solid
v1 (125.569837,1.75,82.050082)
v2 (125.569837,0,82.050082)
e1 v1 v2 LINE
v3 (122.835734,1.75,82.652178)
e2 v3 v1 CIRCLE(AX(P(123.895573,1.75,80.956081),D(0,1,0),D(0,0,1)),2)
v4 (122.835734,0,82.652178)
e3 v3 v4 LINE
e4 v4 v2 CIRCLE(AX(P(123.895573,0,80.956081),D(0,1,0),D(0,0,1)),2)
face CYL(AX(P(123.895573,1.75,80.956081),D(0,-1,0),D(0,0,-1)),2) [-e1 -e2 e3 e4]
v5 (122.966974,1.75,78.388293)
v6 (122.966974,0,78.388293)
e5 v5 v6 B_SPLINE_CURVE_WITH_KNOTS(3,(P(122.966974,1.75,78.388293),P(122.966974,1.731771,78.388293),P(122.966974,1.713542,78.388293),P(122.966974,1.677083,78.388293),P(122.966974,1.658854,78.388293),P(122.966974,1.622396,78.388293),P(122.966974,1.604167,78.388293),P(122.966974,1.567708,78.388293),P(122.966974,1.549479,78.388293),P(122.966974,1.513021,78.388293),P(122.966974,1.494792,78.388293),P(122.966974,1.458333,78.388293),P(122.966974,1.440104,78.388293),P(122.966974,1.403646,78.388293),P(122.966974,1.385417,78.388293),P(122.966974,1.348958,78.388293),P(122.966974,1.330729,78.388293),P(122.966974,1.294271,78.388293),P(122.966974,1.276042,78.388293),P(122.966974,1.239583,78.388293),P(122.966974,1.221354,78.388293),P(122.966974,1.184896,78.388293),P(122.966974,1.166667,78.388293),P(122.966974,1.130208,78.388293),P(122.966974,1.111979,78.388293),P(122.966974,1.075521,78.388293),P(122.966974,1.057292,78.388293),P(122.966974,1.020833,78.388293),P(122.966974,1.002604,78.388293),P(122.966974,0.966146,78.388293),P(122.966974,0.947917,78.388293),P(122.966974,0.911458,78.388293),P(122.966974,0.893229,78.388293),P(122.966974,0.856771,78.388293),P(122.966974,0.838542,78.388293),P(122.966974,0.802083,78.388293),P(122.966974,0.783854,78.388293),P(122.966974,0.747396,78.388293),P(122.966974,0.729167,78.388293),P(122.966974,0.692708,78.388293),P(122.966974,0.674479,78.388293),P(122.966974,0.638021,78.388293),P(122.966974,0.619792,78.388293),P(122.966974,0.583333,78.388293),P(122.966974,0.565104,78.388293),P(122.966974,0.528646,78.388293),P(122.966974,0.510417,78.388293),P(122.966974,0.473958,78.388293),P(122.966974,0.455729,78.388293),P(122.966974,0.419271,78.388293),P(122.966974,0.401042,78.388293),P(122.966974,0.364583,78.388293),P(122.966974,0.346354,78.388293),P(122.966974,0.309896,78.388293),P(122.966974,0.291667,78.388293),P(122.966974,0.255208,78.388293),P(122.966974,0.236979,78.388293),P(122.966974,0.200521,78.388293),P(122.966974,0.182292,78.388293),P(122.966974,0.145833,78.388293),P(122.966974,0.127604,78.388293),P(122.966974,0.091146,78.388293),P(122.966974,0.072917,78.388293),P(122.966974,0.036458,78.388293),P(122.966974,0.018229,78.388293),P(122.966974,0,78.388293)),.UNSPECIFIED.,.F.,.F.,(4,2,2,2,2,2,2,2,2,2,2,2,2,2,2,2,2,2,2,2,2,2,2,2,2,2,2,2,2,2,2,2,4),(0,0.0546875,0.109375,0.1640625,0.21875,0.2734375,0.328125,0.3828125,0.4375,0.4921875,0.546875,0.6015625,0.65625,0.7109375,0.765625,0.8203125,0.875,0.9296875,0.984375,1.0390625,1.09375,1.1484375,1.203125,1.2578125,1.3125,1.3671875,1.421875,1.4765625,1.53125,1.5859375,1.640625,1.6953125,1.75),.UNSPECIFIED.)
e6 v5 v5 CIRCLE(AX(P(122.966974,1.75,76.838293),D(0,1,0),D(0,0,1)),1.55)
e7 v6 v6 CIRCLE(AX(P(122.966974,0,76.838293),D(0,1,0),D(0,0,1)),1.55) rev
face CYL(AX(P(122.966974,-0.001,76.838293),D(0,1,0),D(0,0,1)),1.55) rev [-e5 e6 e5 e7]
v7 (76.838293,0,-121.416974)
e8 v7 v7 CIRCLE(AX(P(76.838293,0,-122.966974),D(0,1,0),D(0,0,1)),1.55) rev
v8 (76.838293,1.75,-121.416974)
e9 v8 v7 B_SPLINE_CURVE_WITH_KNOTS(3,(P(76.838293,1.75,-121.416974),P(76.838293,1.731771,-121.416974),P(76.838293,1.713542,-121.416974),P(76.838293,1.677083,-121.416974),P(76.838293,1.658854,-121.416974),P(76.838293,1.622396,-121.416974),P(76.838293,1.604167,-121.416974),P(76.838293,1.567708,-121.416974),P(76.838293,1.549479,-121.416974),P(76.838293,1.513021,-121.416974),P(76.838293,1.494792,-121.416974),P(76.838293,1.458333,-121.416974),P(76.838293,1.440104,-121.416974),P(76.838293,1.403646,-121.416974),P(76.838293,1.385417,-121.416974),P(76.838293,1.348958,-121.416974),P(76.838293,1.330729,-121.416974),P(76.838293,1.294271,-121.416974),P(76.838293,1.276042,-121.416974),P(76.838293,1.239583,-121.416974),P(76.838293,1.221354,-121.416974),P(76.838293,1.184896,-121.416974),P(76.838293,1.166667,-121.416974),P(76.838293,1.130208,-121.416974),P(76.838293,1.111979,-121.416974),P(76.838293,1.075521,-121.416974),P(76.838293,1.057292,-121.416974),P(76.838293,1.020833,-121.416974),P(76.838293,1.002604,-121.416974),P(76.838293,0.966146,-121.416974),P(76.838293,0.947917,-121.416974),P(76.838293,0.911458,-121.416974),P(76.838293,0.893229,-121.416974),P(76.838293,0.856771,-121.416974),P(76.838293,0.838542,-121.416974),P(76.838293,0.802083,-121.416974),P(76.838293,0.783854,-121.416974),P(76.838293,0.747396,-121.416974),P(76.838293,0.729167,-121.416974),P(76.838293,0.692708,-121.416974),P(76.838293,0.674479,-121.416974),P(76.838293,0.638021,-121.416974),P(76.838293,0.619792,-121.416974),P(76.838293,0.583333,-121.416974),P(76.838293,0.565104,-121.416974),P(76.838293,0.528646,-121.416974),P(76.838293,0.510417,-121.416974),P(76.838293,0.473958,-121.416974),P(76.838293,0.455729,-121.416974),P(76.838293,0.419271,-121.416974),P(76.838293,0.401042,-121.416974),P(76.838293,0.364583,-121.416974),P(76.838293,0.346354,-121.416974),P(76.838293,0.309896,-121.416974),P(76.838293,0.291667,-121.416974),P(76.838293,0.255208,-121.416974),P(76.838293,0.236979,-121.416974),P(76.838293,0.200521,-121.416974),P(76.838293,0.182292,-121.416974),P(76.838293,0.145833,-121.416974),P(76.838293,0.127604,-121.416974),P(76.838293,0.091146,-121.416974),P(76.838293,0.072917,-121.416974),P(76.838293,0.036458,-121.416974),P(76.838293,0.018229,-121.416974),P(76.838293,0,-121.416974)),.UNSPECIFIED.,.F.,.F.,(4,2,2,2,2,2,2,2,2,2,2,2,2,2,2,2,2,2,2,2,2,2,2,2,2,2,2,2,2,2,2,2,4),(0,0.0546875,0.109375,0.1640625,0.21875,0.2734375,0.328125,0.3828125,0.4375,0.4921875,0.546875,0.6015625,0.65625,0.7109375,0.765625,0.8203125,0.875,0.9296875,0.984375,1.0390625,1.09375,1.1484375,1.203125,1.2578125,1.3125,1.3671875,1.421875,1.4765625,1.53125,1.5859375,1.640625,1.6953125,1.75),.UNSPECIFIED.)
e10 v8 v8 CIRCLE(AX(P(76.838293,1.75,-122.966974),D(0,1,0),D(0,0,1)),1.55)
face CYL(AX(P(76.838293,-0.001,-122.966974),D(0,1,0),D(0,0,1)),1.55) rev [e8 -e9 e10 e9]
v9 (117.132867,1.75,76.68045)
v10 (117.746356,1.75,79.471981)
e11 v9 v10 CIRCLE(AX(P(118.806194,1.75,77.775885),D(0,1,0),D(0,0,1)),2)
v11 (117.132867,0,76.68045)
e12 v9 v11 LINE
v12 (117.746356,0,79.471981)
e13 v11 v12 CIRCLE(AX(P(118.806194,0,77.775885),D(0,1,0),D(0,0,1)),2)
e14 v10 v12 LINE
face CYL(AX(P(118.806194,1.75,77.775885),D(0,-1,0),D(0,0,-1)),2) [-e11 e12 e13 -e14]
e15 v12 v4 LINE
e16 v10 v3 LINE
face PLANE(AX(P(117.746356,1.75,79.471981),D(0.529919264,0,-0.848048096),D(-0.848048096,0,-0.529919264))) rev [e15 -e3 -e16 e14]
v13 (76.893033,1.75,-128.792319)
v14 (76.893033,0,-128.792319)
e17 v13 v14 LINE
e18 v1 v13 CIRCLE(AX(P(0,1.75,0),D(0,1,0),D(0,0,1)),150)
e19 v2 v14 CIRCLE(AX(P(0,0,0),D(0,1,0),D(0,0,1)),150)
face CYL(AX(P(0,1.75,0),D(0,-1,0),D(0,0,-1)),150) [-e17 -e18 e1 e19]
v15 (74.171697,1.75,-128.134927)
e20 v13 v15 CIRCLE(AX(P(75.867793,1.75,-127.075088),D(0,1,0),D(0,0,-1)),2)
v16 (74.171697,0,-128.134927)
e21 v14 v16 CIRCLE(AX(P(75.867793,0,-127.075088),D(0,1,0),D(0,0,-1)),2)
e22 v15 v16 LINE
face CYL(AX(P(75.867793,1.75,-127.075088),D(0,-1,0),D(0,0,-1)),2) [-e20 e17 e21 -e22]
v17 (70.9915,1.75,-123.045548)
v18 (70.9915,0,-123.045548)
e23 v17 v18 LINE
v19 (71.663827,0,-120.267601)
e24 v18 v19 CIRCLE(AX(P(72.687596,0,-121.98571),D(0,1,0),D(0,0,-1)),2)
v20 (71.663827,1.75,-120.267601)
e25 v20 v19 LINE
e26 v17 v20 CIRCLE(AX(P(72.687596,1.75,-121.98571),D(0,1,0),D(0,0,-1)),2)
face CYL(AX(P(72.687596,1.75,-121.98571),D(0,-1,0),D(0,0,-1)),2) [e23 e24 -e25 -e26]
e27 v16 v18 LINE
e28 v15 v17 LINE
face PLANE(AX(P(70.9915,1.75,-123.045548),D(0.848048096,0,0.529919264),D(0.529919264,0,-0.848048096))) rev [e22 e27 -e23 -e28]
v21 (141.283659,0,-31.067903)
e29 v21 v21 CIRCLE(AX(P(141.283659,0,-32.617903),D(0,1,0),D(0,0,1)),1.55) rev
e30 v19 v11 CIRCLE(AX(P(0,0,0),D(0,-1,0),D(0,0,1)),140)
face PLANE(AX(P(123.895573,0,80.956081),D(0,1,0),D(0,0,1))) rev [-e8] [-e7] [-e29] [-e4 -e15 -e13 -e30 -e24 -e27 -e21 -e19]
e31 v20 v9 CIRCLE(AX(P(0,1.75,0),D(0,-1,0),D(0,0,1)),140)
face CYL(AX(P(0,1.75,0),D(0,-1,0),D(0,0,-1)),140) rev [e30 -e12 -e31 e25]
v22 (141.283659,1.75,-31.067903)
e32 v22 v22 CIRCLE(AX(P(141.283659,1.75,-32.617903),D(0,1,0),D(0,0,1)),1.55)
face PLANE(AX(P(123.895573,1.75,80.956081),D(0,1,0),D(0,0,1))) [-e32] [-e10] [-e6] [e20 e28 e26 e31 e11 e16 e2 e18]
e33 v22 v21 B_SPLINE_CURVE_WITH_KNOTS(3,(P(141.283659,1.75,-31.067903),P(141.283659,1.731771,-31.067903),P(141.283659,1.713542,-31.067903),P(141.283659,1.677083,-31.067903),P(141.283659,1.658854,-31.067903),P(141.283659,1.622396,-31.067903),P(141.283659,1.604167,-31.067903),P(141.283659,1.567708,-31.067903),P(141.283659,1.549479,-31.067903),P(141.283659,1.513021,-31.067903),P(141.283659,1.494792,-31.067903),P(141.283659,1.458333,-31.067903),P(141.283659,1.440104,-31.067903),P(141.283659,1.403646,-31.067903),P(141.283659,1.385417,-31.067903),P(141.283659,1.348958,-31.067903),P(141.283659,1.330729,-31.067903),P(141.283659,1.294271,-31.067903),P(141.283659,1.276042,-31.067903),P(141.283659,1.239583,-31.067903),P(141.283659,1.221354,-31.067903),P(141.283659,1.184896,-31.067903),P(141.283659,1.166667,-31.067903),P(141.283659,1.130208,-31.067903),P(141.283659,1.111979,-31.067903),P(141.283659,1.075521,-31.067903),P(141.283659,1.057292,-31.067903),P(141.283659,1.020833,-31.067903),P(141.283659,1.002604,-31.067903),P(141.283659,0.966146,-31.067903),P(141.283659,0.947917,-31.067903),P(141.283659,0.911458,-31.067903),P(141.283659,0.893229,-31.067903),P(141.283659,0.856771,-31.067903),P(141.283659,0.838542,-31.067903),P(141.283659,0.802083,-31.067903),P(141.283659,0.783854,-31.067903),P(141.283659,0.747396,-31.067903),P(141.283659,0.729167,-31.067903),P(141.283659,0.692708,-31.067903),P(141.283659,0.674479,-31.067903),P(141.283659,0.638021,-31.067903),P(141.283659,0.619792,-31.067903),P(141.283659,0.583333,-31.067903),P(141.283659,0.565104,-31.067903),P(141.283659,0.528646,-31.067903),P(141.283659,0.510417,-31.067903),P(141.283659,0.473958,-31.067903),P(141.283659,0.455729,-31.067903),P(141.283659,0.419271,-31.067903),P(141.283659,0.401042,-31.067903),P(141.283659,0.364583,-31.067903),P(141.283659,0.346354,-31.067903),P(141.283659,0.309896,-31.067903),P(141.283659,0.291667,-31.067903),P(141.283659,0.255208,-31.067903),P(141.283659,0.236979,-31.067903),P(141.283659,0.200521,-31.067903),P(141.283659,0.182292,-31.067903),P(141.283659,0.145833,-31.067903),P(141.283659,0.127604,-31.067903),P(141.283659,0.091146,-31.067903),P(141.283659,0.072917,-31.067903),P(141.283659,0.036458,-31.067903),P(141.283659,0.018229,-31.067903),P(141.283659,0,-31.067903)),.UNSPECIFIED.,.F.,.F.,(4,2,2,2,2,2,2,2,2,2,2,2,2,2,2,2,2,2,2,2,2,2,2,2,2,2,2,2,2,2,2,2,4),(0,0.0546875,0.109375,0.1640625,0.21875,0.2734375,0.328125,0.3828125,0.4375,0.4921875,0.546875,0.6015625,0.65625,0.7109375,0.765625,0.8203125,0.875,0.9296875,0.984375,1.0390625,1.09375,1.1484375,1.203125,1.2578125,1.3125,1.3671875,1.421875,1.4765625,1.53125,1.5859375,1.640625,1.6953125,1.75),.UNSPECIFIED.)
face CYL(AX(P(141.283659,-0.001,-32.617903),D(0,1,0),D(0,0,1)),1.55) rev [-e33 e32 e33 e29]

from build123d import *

# Parameters (mm, degrees)
BOSS_EXTRUDE1_DEPTH  = 1.75
MOUNTING_HOLES_REACH = 199.898
SKETCH2_R            = 1.55


with BuildPart() as part:
    # Sketch1 → Boss-Extrude1 (new body)
    with BuildSketch(Plane(origin=(0, 0, 0), x_dir=(1, 0, 0), z_dir=(0, 1, 0))):
        with BuildLine():
            Line((70.99149995, 123.045548212), (74.17169656, 128.134926657))
            ThreePointArc((74.17169656, 128.134926657), (75.398161995, 129.019168104), (76.893033195, 128.792319049))
            ThreePointArc((76.893033195, 128.792319049), (146.155509718, 33.742658152), (125.569837037, -82.050082429))
            ThreePointArc((125.569837037, -82.050082429), (124.325699782, -82.909281411), (122.835734015, -82.652177522))
            Line((122.835734015, -82.652177522), (117.74635557, -79.471980911))
            ThreePointArc((117.74635557, -79.471980911), (116.852809957, -78.205175291), (117.132867421, -76.680449723))
            ThreePointArc((117.132867421, -76.680449723), (136.41180907, 31.493147608), (71.663827182, 120.267601097))
            ThreePointArc((71.663827182, 120.267601097), (70.743717505, 121.515246248), (70.99149995, 123.045548212))
        make_face()
    extrude(amount=BOSS_EXTRUDE1_DEPTH)

    # Sketch2 → Mounting_Holes (cut, up to next)
    with BuildSketch(Plane(origin=(0, 1.75, 0), x_dir=(1, 0, 0), z_dir=(0, 1, 0)), mode=Mode.PRIVATE) as mounting_holes_sk1:
        with Locations(Location((122.966973943, -76.838293314, 0), (0, 0, 270))):
            Circle(SKETCH2_R)
    mounting_holes_tool1 = extrude(mounting_holes_sk1.sketch, amount=-MOUNTING_HOLES_REACH, mode=Mode.PRIVATE) & part.part
    # Sketch2 → Mounting_Holes (cut, up to next)
    with BuildSketch(Plane(origin=(0, 1.75, 0), x_dir=(1, 0, 0), z_dir=(0, 1, 0)), mode=Mode.PRIVATE) as mounting_holes_sk2:
        with Locations(Location((141.283659394, 32.61790288, 0), (0, 0, 270))):
            Circle(SKETCH2_R)
    mounting_holes_tool2 = extrude(mounting_holes_sk2.sketch, amount=-MOUNTING_HOLES_REACH, mode=Mode.PRIVATE) & part.part
    # Sketch2 → Mounting_Holes (cut, up to next)
    with BuildSketch(Plane(origin=(0, 1.75, 0), x_dir=(1, 0, 0), z_dir=(0, 1, 0)), mode=Mode.PRIVATE) as mounting_holes_sk3:
        with Locations(Location((76.838293314, 122.966973943, 0), (0, 0, 270))):
            Circle(SKETCH2_R)
    mounting_holes_tool3 = extrude(mounting_holes_sk3.sketch, amount=-MOUNTING_HOLES_REACH, mode=Mode.PRIVATE) & part.part
    add(mounting_holes_tool1.solids().sort_by_distance((122.966974, 1.75, 76.838293))[0], mode=Mode.SUBTRACT)
    add(mounting_holes_tool2.solids().sort_by_distance((141.283659, 1.75, -32.617903))[0], mode=Mode.SUBTRACT)
    add(mounting_holes_tool3.solids().sort_by_distance((76.838293, 1.75, -122.966974))[0], mode=Mode.SUBTRACT)


solid = part.part
